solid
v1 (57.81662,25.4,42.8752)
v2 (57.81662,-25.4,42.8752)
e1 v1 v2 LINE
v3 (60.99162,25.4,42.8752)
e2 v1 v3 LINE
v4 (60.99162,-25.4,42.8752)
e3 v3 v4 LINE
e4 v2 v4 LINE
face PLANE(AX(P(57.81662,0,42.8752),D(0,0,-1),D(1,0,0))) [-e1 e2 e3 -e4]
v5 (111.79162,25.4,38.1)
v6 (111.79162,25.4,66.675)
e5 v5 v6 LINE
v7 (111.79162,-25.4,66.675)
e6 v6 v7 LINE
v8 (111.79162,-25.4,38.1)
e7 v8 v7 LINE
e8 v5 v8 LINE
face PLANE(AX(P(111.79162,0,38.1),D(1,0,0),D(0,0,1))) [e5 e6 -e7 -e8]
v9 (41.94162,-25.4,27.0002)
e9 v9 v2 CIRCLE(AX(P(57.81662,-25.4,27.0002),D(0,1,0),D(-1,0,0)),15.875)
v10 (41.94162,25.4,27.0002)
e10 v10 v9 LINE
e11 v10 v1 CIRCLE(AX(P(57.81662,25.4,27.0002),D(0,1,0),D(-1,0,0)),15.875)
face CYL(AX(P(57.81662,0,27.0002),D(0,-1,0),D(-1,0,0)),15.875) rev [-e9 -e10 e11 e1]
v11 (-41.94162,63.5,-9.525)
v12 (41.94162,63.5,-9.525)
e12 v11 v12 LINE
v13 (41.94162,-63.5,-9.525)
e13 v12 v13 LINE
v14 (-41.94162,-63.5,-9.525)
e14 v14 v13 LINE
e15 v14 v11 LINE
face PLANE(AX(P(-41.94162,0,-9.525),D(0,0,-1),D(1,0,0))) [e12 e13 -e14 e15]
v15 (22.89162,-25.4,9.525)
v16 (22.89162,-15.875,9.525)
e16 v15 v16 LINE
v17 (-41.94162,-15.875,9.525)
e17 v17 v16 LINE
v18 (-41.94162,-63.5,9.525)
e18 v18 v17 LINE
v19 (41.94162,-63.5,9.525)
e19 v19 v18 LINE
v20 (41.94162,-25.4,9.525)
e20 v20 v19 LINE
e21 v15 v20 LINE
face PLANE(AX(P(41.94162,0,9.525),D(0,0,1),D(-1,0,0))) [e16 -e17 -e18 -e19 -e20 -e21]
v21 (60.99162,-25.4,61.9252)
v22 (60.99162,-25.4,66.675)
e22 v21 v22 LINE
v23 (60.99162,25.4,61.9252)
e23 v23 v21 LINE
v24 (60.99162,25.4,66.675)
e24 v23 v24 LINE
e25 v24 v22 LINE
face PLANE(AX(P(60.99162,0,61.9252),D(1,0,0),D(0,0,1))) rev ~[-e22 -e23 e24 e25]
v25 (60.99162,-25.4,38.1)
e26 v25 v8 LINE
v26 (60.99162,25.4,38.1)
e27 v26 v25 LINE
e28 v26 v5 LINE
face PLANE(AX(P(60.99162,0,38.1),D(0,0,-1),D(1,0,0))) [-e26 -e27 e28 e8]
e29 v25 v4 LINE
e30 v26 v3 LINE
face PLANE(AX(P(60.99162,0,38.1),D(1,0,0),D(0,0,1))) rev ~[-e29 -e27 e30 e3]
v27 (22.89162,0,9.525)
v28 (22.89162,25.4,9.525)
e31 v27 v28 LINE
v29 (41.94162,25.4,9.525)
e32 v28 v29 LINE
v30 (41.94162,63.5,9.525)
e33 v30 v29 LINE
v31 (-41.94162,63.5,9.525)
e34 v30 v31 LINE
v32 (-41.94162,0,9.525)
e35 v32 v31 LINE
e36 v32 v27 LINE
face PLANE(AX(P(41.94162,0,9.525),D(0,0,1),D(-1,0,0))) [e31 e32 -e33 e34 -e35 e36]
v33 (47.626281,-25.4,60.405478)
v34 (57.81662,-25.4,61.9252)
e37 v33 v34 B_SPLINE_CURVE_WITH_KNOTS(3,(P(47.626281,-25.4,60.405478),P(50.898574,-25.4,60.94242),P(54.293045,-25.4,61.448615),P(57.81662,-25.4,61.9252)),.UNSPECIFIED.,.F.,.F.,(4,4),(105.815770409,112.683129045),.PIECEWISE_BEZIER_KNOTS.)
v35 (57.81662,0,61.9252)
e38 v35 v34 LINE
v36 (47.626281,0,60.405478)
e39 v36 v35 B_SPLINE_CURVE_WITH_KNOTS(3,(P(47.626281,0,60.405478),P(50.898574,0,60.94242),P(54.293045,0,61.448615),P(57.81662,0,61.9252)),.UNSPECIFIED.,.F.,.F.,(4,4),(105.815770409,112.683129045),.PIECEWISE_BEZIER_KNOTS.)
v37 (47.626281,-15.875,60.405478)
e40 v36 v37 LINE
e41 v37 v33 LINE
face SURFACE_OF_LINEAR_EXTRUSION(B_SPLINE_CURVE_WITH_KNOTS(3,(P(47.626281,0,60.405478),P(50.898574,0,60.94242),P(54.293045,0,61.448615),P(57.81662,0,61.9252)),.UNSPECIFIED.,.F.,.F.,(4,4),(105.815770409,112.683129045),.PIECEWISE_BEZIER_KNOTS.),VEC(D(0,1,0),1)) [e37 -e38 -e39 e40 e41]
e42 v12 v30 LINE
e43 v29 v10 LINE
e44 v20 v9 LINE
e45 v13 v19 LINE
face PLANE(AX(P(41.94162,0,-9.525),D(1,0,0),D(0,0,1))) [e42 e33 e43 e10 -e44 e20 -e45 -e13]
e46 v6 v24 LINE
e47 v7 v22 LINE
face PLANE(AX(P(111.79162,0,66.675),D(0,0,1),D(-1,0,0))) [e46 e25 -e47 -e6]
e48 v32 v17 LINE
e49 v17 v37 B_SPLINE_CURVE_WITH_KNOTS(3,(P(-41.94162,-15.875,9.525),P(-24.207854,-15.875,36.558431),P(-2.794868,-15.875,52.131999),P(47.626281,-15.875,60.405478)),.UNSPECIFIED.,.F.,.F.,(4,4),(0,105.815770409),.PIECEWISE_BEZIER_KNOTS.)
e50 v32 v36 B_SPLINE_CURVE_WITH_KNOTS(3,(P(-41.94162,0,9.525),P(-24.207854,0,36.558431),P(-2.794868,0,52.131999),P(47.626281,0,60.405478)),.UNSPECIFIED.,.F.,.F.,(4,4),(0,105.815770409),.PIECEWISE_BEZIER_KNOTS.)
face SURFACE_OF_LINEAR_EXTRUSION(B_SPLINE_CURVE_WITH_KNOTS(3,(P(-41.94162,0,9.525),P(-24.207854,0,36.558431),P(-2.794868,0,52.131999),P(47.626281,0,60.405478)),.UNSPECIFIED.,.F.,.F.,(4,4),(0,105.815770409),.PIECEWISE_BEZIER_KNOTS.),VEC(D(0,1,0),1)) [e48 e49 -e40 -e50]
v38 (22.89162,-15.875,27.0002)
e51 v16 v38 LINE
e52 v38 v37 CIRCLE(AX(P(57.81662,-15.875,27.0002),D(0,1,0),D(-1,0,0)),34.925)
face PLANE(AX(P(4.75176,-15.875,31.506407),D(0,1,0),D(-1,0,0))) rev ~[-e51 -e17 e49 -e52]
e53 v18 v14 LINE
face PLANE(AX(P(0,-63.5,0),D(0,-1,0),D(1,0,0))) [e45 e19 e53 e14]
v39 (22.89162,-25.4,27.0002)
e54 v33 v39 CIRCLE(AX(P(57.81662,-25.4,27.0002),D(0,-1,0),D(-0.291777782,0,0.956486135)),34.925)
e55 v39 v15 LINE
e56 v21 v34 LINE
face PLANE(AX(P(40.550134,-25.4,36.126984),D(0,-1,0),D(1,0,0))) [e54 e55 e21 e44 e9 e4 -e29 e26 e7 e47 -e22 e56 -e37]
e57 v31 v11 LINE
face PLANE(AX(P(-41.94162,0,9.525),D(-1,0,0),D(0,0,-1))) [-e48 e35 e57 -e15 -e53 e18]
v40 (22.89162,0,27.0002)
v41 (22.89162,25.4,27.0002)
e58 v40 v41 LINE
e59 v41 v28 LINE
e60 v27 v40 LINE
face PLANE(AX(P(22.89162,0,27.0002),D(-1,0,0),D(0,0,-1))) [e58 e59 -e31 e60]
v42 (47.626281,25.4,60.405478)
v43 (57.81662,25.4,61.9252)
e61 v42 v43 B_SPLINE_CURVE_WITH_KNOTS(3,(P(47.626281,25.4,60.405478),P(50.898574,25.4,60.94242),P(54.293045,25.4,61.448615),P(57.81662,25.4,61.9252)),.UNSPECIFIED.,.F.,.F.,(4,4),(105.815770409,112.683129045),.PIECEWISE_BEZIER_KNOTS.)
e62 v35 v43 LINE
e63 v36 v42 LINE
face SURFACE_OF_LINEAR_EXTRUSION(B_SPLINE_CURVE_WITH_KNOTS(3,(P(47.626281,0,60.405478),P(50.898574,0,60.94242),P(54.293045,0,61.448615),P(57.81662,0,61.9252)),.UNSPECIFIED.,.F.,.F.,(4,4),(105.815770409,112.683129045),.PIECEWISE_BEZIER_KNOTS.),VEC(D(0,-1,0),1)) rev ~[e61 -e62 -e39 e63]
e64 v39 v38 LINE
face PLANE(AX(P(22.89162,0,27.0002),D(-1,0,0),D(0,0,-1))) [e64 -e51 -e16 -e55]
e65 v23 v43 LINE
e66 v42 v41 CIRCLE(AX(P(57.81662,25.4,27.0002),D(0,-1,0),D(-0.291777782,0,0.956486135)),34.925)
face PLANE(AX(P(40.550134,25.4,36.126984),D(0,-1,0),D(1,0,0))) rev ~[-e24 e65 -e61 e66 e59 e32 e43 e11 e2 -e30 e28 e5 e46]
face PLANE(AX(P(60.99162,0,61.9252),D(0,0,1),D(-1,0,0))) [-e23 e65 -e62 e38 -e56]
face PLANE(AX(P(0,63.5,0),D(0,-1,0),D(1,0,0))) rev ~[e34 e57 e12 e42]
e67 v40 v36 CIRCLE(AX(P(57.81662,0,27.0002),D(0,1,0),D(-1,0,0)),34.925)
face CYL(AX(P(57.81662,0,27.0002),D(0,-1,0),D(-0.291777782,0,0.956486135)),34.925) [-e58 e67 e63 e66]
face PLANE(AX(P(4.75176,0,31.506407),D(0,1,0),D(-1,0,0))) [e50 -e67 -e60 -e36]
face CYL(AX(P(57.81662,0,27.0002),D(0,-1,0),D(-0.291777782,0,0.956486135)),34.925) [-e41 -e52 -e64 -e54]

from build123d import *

# Parameters (mm, degrees)
F1_DEPTH = 63.5
F0_W     = 25.4
F0_H     = 4.7752
F0_H_2   = 4.7498
F0_H_3   = 19.05
F2_DEPTH = 25.4
F3_DEPTH = 15.875


with BuildPart() as f1:
    # F0 (on Front) → F1 (new body, symmetric)
    with BuildSketch(Plane.XZ):
        Polygon((-41.9416204095, -9.525), (41.9416204095, -9.525), (41.9416204095, 9.525), (22.8916204095, 9.525), (-41.9416204095, 9.525), align=None)
    extrude(amount=F1_DEPTH, both=True)

    # F0 (on Front) → F2 (join, symmetric)
    with BuildSketch(Plane.XZ):
        with BuildLine():
            Line((22.8916204095, 9.525), (41.9416204095, 9.525))
            Line((41.9416204095, 9.525), (41.9416204095, 27.0002))
            ThreePointArc((41.9416204095, 27.0002), (46.5913002582, 38.2255201513), (57.8166204095, 42.8752))
            Line((57.8166204095, 42.8752), (60.9916204095, 42.8752))
            Line((60.9916204095, 42.8752), (60.9916204095, 61.9252))
            Line((60.9916204095, 61.9252), (57.8166204095, 61.9252))
            add(Edge.make_bspline(
                [(47.6262813731, 60.4054782554), (50.8985735157, 60.9424204342), (54.2930453114, 61.4486153253), (57.8166204095, 61.9252)],
                knots=[105.8157704089, 105.8157704089, 105.8157704089, 105.8157704089, 112.6831290448, 112.6831290448, 112.6831290448, 112.6831290448], degree=3))
            ThreePointArc((47.6262813731, 60.4054782554), (29.7483713026, 47.7831020369), (22.8916204095, 27.0002))
            Line((22.8916204095, 27.0002), (22.8916204095, 9.525))
        make_face()
        with Locations((73.6916204095, 40.4876)):
            Rectangle(F0_W, F0_H)
        with Locations((73.6916204095, 64.3001)):
            Rectangle(F0_W, F0_H_2)
        with Locations((73.6916204095, 52.4002)):
            Rectangle(F0_W, F0_H_3)
        Polygon((86.3916204095, 61.9252), (86.3916204095, 42.8752), (86.3916204095, 38.1), (111.7916204095, 38.1), (111.7916204095, 66.675), (86.3916204095, 66.675), align=None)
    extrude(amount=F2_DEPTH, both=True)

    # F0 (on Front) → F3 (join)
    with BuildSketch(Plane.XZ):
        with BuildLine():
            add(Edge.make_bspline(
                [(-41.9416204095, 9.525), (-24.2078539178, 36.5584305008), (-2.7948677813, 52.1319988404), (47.6262813731, 60.4054782554)],
                knots=[0, 0, 0, 0, 105.8157704089, 105.8157704089, 105.8157704089, 105.8157704089], degree=3))
            Line((-41.9416204095, 9.525), (22.8916204095, 9.525))
            Line((22.8916204095, 9.525), (22.8916204095, 27.0002))
            ThreePointArc((22.8916204095, 27.0002), (29.7483713026, 47.7831020369), (47.6262813731, 60.4054782554))
        make_face()
    extrude(amount=F3_DEPTH)


solid = f1.part
